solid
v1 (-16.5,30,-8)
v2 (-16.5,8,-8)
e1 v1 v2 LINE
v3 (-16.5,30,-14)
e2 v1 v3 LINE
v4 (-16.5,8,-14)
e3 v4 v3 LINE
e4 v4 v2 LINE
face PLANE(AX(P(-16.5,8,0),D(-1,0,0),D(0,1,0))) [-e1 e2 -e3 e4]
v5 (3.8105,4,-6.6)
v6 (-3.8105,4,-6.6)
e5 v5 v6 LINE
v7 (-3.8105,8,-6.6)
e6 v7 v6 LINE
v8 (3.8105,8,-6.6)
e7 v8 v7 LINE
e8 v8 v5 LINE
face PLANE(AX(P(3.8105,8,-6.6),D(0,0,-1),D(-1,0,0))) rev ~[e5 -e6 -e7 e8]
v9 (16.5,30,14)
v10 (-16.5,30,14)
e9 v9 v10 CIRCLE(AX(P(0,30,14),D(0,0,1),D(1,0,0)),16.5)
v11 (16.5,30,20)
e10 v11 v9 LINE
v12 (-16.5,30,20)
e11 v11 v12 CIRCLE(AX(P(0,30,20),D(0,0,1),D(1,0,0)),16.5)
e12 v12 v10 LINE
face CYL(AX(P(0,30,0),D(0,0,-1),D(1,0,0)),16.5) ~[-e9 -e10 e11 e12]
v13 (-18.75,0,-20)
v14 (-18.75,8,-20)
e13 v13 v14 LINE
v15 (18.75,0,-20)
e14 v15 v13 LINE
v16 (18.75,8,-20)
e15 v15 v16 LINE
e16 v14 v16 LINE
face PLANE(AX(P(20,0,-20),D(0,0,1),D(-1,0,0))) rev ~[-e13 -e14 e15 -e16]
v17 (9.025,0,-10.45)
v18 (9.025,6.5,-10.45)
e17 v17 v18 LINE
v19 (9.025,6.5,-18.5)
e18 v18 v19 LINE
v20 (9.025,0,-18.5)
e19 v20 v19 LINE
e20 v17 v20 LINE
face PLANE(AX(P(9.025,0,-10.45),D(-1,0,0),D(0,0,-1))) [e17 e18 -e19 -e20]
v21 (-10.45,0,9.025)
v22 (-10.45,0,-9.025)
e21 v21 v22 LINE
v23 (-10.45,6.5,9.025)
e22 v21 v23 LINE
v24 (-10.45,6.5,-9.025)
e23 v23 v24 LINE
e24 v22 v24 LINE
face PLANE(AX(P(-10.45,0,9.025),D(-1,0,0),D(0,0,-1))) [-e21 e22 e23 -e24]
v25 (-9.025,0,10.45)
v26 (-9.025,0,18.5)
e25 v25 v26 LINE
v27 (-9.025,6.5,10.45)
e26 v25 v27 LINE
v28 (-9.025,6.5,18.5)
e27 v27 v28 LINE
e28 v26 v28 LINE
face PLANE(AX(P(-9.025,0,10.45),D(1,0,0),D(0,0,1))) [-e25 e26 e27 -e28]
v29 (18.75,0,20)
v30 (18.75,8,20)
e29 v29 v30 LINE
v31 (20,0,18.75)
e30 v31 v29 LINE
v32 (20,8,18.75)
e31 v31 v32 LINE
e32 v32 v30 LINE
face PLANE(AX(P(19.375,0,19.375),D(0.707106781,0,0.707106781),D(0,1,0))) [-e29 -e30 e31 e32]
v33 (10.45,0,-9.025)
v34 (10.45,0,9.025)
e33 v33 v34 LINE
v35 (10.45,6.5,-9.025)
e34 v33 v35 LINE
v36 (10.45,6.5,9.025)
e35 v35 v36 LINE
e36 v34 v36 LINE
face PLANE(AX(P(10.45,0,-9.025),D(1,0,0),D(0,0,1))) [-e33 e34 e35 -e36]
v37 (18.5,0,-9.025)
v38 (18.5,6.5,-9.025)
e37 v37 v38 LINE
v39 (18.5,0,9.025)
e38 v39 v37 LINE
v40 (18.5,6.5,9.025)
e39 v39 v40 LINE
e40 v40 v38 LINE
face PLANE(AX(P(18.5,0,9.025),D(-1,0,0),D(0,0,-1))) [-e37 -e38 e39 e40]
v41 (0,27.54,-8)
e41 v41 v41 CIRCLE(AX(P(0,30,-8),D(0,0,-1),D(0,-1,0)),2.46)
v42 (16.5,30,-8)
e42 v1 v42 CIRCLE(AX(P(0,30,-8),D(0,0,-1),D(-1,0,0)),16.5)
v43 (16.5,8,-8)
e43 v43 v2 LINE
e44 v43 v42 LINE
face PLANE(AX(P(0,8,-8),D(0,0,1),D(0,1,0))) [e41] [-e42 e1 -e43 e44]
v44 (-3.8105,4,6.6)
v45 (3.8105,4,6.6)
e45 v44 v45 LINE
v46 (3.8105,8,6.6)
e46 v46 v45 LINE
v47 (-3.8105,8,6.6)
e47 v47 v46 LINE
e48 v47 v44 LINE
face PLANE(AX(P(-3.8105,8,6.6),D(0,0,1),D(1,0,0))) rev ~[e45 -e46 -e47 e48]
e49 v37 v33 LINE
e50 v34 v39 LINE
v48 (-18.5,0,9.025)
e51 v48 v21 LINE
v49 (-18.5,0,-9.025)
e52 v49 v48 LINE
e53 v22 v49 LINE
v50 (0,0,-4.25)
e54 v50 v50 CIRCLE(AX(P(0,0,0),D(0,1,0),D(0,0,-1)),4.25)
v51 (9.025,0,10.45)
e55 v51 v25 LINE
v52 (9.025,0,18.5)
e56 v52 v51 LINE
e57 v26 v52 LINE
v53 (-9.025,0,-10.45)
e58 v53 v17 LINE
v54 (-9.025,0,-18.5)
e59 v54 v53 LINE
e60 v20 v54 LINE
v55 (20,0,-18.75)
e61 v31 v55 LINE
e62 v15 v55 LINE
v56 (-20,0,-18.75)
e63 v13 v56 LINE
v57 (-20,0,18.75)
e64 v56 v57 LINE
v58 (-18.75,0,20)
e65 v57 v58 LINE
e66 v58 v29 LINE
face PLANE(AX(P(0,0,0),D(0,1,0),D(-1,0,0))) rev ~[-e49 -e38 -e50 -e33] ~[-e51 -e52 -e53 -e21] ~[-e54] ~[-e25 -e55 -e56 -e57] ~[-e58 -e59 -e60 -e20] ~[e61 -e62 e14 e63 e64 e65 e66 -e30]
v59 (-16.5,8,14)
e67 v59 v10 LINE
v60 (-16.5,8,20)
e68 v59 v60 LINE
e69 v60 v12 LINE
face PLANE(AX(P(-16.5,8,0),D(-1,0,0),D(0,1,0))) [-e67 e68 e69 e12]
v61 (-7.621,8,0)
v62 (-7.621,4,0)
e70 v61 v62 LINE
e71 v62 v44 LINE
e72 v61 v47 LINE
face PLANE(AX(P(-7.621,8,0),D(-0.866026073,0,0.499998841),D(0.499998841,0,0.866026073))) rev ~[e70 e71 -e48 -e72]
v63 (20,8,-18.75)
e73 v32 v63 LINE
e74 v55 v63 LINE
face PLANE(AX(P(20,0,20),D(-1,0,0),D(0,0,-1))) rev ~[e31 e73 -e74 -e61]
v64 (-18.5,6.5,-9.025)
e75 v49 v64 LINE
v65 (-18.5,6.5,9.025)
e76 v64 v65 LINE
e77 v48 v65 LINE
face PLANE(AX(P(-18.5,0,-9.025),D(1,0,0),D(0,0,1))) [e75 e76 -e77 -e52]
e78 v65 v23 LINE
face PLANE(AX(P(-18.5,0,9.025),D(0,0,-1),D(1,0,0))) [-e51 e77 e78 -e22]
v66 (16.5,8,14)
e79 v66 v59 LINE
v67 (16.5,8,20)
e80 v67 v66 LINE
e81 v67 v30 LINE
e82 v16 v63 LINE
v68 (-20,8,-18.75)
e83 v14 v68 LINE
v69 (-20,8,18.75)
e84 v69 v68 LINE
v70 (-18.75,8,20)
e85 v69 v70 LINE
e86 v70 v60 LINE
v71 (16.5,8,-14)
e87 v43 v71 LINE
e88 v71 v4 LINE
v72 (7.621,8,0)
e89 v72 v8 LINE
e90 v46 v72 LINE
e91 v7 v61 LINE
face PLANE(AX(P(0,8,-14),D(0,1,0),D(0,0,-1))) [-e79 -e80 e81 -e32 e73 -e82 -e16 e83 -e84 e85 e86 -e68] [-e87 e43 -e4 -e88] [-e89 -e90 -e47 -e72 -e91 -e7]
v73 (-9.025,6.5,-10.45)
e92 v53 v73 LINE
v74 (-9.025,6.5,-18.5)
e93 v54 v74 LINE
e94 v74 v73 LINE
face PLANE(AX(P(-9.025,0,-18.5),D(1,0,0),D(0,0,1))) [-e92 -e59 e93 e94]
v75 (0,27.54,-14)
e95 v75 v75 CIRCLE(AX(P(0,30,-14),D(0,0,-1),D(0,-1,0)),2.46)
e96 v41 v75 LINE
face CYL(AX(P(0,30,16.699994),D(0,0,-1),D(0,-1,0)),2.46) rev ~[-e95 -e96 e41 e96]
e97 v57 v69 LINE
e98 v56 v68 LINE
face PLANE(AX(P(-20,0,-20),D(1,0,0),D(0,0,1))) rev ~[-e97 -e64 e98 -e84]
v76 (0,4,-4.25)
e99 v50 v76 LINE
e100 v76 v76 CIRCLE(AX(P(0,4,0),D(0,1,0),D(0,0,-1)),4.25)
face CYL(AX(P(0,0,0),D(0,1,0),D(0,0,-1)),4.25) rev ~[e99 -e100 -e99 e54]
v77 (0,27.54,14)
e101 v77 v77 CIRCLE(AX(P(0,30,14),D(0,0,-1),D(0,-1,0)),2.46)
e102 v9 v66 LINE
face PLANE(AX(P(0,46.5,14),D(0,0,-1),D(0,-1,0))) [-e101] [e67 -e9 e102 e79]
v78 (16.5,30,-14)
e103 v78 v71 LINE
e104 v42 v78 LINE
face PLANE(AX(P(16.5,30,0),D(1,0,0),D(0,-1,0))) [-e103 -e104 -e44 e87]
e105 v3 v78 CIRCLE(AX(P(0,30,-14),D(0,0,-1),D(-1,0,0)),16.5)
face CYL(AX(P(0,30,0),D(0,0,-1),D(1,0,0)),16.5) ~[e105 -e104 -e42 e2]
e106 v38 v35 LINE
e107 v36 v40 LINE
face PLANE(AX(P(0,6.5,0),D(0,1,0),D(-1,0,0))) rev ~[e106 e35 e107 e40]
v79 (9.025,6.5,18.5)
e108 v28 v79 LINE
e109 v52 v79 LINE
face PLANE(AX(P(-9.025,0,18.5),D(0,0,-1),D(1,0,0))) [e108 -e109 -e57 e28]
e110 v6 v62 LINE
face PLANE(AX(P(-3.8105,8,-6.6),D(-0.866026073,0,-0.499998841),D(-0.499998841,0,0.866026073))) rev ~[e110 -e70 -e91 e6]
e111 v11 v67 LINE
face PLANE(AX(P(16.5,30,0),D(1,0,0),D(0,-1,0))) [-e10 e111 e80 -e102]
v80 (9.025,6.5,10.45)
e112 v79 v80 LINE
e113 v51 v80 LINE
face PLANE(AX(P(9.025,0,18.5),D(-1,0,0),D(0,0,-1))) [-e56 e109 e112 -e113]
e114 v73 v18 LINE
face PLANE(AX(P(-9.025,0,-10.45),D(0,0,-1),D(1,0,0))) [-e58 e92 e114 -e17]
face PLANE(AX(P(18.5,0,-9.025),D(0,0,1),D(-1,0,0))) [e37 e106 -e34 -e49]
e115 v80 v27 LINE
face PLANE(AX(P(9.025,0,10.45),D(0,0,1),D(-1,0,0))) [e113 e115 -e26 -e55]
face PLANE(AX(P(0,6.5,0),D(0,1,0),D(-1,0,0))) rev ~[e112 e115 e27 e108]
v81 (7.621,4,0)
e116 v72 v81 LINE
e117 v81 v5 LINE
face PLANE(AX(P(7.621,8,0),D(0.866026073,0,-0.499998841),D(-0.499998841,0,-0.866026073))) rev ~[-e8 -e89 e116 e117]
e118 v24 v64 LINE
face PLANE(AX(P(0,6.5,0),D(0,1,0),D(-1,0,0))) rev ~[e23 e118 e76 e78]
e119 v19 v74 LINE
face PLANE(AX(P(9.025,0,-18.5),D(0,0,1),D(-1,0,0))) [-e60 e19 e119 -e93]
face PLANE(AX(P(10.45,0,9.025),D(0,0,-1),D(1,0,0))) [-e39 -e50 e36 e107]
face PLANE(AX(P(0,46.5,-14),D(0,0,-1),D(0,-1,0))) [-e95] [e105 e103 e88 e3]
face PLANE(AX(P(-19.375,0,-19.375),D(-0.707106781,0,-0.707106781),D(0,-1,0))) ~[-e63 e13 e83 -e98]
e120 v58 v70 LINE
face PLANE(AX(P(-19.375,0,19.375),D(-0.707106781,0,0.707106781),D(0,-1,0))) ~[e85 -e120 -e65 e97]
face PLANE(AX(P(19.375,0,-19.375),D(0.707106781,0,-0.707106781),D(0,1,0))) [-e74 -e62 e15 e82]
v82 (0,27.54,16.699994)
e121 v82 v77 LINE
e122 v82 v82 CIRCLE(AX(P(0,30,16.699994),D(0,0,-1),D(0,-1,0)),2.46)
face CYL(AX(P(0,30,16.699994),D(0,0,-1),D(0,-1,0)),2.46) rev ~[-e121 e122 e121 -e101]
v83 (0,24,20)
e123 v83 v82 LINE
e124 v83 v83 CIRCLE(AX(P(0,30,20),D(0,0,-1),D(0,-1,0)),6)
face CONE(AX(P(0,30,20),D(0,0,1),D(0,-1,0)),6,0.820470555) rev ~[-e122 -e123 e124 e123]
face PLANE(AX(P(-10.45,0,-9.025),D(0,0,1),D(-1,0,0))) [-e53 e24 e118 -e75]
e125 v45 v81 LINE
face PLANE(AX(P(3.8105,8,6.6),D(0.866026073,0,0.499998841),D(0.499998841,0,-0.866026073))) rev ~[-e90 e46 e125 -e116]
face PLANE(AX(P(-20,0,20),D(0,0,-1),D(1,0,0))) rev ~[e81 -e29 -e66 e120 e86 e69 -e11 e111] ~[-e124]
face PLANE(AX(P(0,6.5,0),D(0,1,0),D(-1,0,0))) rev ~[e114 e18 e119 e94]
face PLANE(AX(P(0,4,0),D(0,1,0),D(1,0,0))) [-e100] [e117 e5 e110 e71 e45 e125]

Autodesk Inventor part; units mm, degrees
sketch "Skizze_1" plane through (0, 0, 0) normal (0, 1, 0) x (-1, 0, 0)
  line L0 (20, -20) -> (20, 20)
  line L1 (20, 20) -> (-20, 20)
  line L2 (-20, 20) -> (-20, -20)
  line L3 (-20, -20) -> (20, -20)
extrude "Extrusion1" add sketch "Skizze_1" along normal blind 52
sketch "Skizze_2" plane through (0, 0, 0) normal (1, 0, 0) x (0, 1, 0)
  line L0 (55, 20) -> (46.5, 20)
  line L1 (46.5, 20) -> (46.5, 14)
  line L2 (46.5, 14) -> (8, 14)
  line L3 (8, 14) -> (8, -8)
  line L4 (8, -8) -> (46.5, -8)
  line L5 (46.5, -8) -> (46.5, -14)
  line L6 (46.5, -14) -> (8, -14)
  line L7 (8, -14) -> (8, -20)
  line L8 (8, -20) -> (55, -20)
  line L9 (55, -20) -> (55, 20)
extrude "Extrusion2" cut sketch "Skizze_2" along normal mid plane 42
sketch "Skizze_3" plane through (0, 0, 0) normal (0, 0, 1) x (1, 0, 0)
  line L0 (-20, 53) -> (-20, 8)
  line L1 (-20, 8) -> (-16.5, 8)
  line L2 (-16.5, 8) -> (-16.5, 30)
  arc A0 (16.5, 30) -> (-16.5, 30) centre (0, 30) ccw
  line L3 (16.5, 30) -> (16.5, 8)
  line L4 (16.5, 8) -> (20, 8)
  line L5 (20, 8) -> (20, 53)
  line L6 (20, 53) -> (-20, 53)
extrude "Extrusion3" cut sketch "Skizze_3" along normal mid plane 42
sketch "Sketch4" plane through (-20, 0, 20) normal (0, 0, 1) x (1, 0, 0)
  point P0 (20, 30)
hole "Hole1" at (0, 30, 20) direction (0, 0, -1) diameter 4.92 depth 39.8 countersink diameter 12 countersink angle 94.019
sketch "Sketch_1" plane through (0, 0, 0) normal (0, 1, 0) x (-1, 0, 0)
  line L0 (9.025, -10.45) -> (-9.025, -10.45)
  line L1 (-9.025, -10.45) -> (-9.025, -18.5)
  line L2 (-9.025, -18.5) -> (9.025, -18.5)
  line L3 (9.025, -18.5) -> (9.025, -10.45)
extrude "Extrusion4" cut sketch "Sketch_1" along normal blind 6.5
sketch "Sketch_2" plane through (0, 0, 0) normal (0, 1, 0) x (-1, 0, 0)
  line L0 (9.025, 10.45) -> (9.025, 18.5)
  line L1 (9.025, 18.5) -> (-9.025, 18.5)
  line L2 (-9.025, 18.5) -> (-9.025, 10.45)
  line L3 (-9.025, 10.45) -> (9.025, 10.45)
extrude "Extrusion5" cut sketch "Sketch_2" along normal blind 6.5
sketch "Sketch_3" plane through (0, 0, 0) normal (0, 1, 0) x (-1, 0, 0)
  line L0 (-10.45, 9.025) -> (-18.5, 9.025)
  line L1 (-18.5, 9.025) -> (-18.5, -9.025)
  line L2 (-18.5, -9.025) -> (-10.45, -9.025)
  line L3 (-10.45, -9.025) -> (-10.45, 9.025)
extrude "Extrusion6" cut sketch "Sketch_3" along normal blind 6.5
sketch "Sketch_4" plane through (0, 0, 0) normal (0, 1, 0) x (-1, 0, 0)
  line L0 (18.5, 9.025) -> (10.45, 9.025)
  line L1 (10.45, 9.025) -> (10.45, -9.025)
  line L2 (10.45, -9.025) -> (18.5, -9.025)
  line L3 (18.5, -9.025) -> (18.5, 9.025)
extrude "Extrusion7" cut sketch "Sketch_4" along normal blind 6.5
sketch "Sketch9" plane through (0, 0, 0) normal (0, -1, 0) x (1, 0, 0)
  point P0 (0, 0)
hole "Hole2" at (0, 0, 0) direction (0, 1, 0) diameter 8.5 depth 8
sketch "Sketch_5" plane through (0, 8, 0) normal (0, 1, 0) x (1, 0, 0)
  line L0 (-7.621, 0) -> (-3.8105, -6.6)
  line L1 (-3.8105, -6.6) -> (3.8105, -6.6)
  line L2 (3.8105, -6.6) -> (7.621, 0)
  line L3 (7.621, 0) -> (3.8105, 6.6)
  line L4 (3.8105, 6.6) -> (-3.8105, 6.6)
  line L5 (-3.8105, 6.6) -> (-7.621, 0)
extrude "Extrusion8" cut sketch "Sketch_5" against normal blind 4
ref_plane "GN300Klemmhebel_XY" through (0, 29.8, 20) normal (0, 0, 1) x (1, 0, 0)
ref_plane "GN300Klemmhebel_YZ" through (0, 29.8, 20) normal (1, 0, 0) x (0, 1, 0)
ref_plane "GN300Klemmhebel_ZX" through (0, 29.8, 20) normal (0, 1, 0) x (0, 0, 1)
ref_plane "GUS_4_41_XY" through (0, 29.8, 0) normal (0, 0, 1) x (1, 0, 0)
ref_plane "GUS_4_41_YZ" through (0, 29.8, 0) normal (1, 0, 0) x (0, 1, 0)
ref_plane "GUS_4_41_ZX" through (0, 29.8, 0) normal (0, 1, 0) x (0, 0, 1)
ref_plane "GUS_4_41_L_XY" through (0, 29.8, -20) normal (0, 0, 1) x (1, 0, 0)
ref_plane "GUS_4_41_L_YZ" through (0, 29.8, -20) normal (1, 0, 0) x (0, 1, 0)
ref_plane "GUS_4_41_L_ZX" through (0, 29.8, -20) normal (0, 1, 0) x (0, 0, 1)
ref_plane "GUS_4_41_R_XY" through (0, 29.8, 20) normal (0, 0, 1) x (1, 0, 0)
ref_plane "GUS_4_41_R_YZ" through (0, 29.8, 20) normal (1, 0, 0) x (0, 1, 0)
ref_plane "GUS_4_41_R_ZX" through (0, 29.8, 20) normal (0, 1, 0) x (0, 0, 1)
ref_plane "p0_XY" through (0, 0, 0) normal (0, 1, 0) x (1, 0, 0)
ref_plane "p0_YZ" through (0, 0, 0) normal (1, 0, 0) x (0, 0, -1)
ref_plane "p0_ZX" through (0, 0, 0) normal (0, 0, -1) x (0, 1, 0)
ref_plane "p1_XY" through (0, 0, -14.475) normal (0, 1, 0) x (1, 0, 0)
ref_plane "p1_YZ" through (0, 0, -14.475) normal (1, 0, 0) x (0, 0, -1)
ref_plane "p1_ZX" through (0, 0, -14.475) normal (0, 0, -1) x (0, 1, 0)
ref_plane "p2_XY" through (14.475, 0, 0) normal (0, 1, 0) x (1, 0, 0)
ref_plane "p2_YZ" through (14.475, 0, 0) normal (1, 0, 0) x (0, 0, -1)
ref_plane "p2_ZX" through (14.475, 0, 0) normal (0, 0, -1) x (0, 1, 0)
ref_plane "p3_XY" through (0, 0, 14.475) normal (0, 1, 0) x (1, 0, 0)
ref_plane "p3_YZ" through (0, 0, 14.475) normal (1, 0, 0) x (0, 0, -1)
ref_plane "p3_ZX" through (0, 0, 14.475) normal (0, 0, -1) x (0, 1, 0)
ref_plane "p4_XY" through (-14.475, 0, 0) normal (0, 1, 0) x (1, 0, 0)
ref_plane "p4_YZ" through (-14.475, 0, 0) normal (1, 0, 0) x (0, 0, -1)
ref_plane "p4_ZX" through (-14.475, 0, 0) normal (0, 0, -1) x (0, 1, 0)
ref_plane "ps_XY" through (0, 8, 0) normal (0, 1, 0) x (1, 0, 0)
ref_plane "ps_YZ" through (0, 8, 0) normal (1, 0, 0) x (0, 0, -1)
ref_plane "ps_ZX" through (0, 8, 0) normal (0, 0, -1) x (0, 1, 0)
chamfer "Chamfer1" distance 1.25 angle 45 4 edges at (-20, 4, 20) (20, 4, 20) (-20, 4, -20) (20, 4, -20)
properties part number "Robotunits GUS_4040 75"
